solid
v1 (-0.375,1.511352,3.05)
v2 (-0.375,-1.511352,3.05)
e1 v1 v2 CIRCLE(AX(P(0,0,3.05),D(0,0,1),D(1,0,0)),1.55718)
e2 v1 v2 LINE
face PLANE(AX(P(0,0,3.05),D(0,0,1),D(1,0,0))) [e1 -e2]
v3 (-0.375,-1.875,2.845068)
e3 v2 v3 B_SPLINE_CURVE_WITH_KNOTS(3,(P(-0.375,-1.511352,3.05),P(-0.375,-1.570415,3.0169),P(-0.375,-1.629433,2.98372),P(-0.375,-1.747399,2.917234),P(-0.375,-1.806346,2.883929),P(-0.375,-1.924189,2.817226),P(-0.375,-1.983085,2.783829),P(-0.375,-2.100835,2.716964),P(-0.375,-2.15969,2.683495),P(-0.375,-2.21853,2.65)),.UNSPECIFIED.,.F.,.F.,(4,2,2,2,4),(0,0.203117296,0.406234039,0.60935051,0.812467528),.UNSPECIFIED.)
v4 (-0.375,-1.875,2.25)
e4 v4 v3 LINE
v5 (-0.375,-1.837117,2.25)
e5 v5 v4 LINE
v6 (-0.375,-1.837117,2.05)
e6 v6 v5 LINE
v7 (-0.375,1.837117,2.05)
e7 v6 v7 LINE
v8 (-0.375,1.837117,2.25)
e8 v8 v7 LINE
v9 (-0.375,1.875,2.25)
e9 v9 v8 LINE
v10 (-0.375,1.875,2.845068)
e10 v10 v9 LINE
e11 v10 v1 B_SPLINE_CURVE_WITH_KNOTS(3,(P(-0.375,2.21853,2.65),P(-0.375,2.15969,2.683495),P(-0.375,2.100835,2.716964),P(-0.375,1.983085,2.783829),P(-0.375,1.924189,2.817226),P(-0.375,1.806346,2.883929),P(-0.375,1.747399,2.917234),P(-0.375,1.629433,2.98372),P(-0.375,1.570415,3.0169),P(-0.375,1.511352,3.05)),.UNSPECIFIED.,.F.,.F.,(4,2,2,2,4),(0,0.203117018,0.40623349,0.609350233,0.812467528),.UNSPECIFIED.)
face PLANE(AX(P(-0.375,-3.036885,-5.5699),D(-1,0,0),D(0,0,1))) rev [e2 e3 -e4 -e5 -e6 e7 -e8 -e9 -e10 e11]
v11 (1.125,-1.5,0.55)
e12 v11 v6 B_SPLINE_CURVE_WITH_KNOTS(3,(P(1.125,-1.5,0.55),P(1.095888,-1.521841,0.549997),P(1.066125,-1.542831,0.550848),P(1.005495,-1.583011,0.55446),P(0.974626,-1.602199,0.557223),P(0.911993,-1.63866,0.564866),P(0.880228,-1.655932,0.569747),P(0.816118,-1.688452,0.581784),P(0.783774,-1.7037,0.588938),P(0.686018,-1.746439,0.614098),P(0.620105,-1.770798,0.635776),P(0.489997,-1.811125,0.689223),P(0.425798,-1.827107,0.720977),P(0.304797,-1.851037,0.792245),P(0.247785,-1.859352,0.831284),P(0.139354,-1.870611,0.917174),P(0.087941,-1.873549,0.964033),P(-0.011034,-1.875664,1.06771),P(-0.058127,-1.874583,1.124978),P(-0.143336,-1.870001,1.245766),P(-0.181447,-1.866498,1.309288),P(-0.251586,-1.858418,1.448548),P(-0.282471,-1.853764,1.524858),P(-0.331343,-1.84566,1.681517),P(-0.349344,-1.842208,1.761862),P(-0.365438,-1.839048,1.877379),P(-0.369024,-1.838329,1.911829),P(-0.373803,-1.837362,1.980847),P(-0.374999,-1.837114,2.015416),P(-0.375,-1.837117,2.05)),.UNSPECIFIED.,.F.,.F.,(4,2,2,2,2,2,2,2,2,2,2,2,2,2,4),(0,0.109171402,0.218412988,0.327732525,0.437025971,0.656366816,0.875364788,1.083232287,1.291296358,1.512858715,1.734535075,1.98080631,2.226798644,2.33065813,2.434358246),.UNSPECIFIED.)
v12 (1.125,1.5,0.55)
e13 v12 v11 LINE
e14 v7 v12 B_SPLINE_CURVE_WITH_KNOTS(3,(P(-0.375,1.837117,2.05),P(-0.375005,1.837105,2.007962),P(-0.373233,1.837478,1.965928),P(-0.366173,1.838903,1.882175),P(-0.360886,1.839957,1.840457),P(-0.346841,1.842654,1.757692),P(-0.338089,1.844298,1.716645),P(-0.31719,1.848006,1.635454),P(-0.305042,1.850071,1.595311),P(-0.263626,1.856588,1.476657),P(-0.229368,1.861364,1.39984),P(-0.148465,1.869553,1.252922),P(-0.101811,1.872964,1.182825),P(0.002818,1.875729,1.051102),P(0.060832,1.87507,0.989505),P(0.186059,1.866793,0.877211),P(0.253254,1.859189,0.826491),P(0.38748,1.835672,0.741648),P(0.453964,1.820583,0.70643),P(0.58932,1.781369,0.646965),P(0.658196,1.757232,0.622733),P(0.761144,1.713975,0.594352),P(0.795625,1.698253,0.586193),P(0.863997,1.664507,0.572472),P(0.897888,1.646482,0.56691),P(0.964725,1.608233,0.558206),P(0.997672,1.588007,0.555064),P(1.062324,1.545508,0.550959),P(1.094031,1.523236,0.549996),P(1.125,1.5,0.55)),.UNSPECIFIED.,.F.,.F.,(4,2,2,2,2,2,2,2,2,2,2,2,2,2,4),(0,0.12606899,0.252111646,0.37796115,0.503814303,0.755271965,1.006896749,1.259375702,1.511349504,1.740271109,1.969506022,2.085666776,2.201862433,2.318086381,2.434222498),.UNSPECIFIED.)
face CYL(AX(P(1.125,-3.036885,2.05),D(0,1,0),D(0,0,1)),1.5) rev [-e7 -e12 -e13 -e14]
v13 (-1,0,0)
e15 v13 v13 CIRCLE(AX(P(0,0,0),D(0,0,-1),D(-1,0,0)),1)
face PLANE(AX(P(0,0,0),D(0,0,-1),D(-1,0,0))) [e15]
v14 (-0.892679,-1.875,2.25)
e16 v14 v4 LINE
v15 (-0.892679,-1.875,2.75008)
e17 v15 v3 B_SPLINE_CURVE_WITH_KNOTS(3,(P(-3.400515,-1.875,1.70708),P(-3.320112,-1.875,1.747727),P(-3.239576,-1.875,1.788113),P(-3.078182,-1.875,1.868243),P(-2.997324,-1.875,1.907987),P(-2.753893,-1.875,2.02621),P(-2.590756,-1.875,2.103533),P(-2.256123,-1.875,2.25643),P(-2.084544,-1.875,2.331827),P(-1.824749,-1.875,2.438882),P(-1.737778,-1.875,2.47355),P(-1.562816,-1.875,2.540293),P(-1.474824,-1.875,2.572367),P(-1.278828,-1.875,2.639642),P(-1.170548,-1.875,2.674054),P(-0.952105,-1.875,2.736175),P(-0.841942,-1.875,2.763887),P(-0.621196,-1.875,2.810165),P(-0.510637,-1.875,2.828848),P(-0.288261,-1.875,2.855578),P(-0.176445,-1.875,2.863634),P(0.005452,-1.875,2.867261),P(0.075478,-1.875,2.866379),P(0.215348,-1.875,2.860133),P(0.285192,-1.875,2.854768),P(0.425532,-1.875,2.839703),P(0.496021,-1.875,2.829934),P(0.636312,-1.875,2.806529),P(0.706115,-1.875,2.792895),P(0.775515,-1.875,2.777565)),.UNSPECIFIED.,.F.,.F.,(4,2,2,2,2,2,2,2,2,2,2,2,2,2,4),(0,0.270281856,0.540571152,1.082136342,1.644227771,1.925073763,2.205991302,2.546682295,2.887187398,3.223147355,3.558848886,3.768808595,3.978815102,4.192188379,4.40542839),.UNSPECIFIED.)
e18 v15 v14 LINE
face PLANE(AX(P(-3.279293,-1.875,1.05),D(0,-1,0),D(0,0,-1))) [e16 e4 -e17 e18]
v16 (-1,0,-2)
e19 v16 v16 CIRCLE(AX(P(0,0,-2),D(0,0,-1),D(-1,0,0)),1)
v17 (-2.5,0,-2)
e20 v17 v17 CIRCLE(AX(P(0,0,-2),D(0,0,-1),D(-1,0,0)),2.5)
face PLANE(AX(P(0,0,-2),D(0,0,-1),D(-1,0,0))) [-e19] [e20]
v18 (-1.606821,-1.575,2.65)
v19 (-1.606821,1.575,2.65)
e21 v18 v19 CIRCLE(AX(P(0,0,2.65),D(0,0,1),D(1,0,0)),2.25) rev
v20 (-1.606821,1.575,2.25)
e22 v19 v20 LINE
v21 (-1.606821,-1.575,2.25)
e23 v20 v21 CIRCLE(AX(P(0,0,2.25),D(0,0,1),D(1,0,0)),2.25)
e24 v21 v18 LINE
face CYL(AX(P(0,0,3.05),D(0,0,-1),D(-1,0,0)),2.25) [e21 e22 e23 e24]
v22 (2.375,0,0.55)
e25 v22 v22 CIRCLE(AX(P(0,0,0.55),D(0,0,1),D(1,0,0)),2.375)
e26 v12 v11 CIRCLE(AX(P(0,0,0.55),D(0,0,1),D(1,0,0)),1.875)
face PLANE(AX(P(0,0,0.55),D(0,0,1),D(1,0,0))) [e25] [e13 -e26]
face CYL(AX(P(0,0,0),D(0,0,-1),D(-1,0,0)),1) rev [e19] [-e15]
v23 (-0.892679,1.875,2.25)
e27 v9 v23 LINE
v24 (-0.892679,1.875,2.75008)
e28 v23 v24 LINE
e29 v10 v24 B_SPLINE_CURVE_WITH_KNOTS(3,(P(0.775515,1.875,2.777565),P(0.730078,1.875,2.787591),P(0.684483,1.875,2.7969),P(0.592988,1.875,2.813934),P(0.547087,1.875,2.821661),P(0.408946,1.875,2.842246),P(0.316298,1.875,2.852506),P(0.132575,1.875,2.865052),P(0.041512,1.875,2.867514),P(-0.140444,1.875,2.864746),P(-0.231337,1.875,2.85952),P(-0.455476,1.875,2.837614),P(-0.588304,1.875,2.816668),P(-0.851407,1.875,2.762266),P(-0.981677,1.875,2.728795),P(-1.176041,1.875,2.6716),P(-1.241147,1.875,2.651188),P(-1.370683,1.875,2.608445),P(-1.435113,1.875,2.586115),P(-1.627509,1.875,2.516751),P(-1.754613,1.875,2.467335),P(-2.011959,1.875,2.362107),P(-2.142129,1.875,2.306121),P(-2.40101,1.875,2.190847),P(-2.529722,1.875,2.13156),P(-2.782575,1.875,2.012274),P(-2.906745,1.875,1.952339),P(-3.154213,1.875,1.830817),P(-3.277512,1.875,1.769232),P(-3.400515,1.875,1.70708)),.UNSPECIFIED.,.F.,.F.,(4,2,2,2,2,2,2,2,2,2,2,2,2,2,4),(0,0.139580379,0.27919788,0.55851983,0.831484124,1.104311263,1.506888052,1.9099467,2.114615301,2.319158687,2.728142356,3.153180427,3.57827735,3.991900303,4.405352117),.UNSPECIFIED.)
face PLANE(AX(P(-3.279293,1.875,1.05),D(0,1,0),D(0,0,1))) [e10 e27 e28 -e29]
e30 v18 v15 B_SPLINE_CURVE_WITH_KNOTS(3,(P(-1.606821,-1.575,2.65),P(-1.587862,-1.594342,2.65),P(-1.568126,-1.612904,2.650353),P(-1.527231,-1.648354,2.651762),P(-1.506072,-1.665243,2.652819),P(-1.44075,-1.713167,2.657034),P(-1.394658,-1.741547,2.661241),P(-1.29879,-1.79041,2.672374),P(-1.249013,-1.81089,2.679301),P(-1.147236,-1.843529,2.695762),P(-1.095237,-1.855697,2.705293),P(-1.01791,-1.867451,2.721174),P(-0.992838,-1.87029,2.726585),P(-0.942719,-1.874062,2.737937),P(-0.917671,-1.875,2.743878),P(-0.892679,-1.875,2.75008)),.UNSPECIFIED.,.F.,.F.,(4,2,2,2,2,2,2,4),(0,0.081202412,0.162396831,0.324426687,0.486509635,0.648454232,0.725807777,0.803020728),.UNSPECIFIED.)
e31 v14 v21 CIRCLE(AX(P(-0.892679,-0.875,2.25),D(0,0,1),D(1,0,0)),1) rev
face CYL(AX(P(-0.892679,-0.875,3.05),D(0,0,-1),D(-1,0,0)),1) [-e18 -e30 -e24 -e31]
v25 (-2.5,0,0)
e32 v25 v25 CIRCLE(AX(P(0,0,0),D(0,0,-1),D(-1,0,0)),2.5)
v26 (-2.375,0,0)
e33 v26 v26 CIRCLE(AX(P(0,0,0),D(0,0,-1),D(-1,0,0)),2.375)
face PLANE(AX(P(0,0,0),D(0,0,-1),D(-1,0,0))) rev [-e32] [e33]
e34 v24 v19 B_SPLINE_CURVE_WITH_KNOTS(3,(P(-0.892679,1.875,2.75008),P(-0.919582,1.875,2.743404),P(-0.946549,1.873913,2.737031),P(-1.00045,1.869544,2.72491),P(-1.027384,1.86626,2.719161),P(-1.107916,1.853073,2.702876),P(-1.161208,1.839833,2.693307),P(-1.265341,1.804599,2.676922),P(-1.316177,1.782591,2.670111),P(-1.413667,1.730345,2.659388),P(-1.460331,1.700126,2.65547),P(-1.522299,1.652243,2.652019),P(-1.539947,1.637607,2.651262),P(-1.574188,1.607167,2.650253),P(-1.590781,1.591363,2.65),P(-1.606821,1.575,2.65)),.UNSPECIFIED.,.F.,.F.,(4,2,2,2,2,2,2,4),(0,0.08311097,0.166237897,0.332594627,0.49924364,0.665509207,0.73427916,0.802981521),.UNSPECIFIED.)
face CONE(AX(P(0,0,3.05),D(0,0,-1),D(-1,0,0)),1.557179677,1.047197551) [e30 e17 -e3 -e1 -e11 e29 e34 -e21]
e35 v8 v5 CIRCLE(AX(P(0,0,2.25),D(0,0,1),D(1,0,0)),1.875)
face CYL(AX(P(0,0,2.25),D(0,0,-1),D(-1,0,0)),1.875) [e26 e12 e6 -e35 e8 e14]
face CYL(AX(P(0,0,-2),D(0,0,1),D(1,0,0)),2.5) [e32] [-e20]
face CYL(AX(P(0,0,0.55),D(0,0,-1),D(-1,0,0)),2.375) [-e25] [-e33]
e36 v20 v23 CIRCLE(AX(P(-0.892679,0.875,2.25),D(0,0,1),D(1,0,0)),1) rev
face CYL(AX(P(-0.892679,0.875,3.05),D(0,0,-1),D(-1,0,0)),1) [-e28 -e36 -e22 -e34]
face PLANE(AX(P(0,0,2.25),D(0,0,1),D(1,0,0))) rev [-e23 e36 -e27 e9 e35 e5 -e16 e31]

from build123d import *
from OCP.BRepFilletAPI import BRepFilletAPI_MakeChamfer

# Parameters (mm, degrees)
SKETCH1_R               = 2.375
BOSS_EXTRUDE1_DEPTH     = 0.55
SKETCH2_R               = 1.875
BOSS_EXTRUDE2_DEPTH     = 1.7
SKETCH3_R               = 2.5
BOSS_EXTRUDE3_DEPTH     = 2
SKETCH4_R               = 2.25
BOSS_EXTRUDE4_DEPTH     = 0.8
CUT_EXTRUDE1_REACH      = 8.165
SKETCH5_W               = 0.75
SKETCH5_H               = 6.07376998
CHAMFER1_SIZE           = 0.4
CHAMFER1_SIZE2          = 0.692820323
SKETCH6_W               = 6.999273813
SKETCH6_H               = 5.334981493
SKETCH6_W_2             = 6.558585844
SKETCH6_H_2             = 3.75
CUT_EXTRUDE3_DEPTH      = 2
FILLET2_R               = 1
SKETCH7_R               = 1
CUT_EXTRUDE4_DEPTH      = 2
CUT_EXTRUDE5_DEPTH      = 3
CUT_EXTRUDE5_DEPTH_BACK = 10
SKETCH9_W               = 3.309409713
SKETCH9_H               = 2.920914296
FILLET3_R               = 1.5


with BuildPart() as part:
    # Sketch1 → Boss-Extrude1 (new body)
    with BuildSketch(Plane.XY):
        Circle(SKETCH1_R)
    extrude(amount=BOSS_EXTRUDE1_DEPTH)

    # Sketch2 → Boss-Extrude2 (add)
    with BuildSketch(Plane.XY.offset(0.55)):
        Circle(SKETCH2_R)
    extrude(amount=BOSS_EXTRUDE2_DEPTH)

    # Sketch3 → Boss-Extrude3 (add)
    with BuildSketch(Plane(origin=(0, 0, 0), x_dir=(-1, 0, 0), z_dir=(0, 0, -1))):
        Circle(SKETCH3_R)
    extrude(amount=BOSS_EXTRUDE3_DEPTH)

    # Sketch4 → Boss-Extrude4 (add)
    with BuildSketch(Plane.XY.offset(2.25)):
        Circle(SKETCH4_R)
    extrude(amount=BOSS_EXTRUDE4_DEPTH)

    # Cut-Extrude1: up to this face of the body (flat: up to its plane)
    cut_extrude1_end = Plane(part.part.faces().sort_by_distance((-2.307824856, 0, 0.55))[0])
    # Sketch5 → Cut-Extrude1 (cut, up to the picked face)
    with BuildSketch(Plane.XY.offset(3.05), mode=Mode.PRIVATE) as cut_extrude1_sk1:
        Rectangle(SKETCH5_W, SKETCH5_H)
    cut_extrude1_tool1 = split(extrude(cut_extrude1_sk1.sketch, amount=-CUT_EXTRUDE1_REACH, mode=Mode.PRIVATE), bisect_by=cut_extrude1_end, keep=Keep.BOTH, mode=Mode.PRIVATE)
    add(cut_extrude1_tool1.solids().sort_by(Axis((0, 0, 3.05), (0, 0, -1)))[0], mode=Mode.SUBTRACT)

    # Chamfer1: one chamfer whose edges measure the first distance from different faces: ONE call of the kernel's chamfer builder (chamfer() names one face for all edges)
    chamfer1_edges_1 = [part.edges().sort_by_distance(p)[0] for p in [
        (-2.25, 0, 3.05),
    ]]
    chamfer1_side_1 = [part.faces().sort_by_distance(p)[0] for p in [
        (-2.25, 0, 2.65),
    ]]
    chamfer1_edges_2 = [part.edges().sort_by_distance(p)[0] for p in [
        (2.25, 0, 3.05),
    ]]
    chamfer1_side_2 = [part.faces().sort_by_distance(p)[0] for p in [
        (2.25, 0, 2.65),
    ]]
    chamfer1 = BRepFilletAPI_MakeChamfer(part.part.solid().wrapped)
    for e in chamfer1_edges_1:
        chamfer1.Add(CHAMFER1_SIZE, CHAMFER1_SIZE2, e.wrapped, chamfer1_side_1[0].wrapped)  # the first distance lies on this face
    for e in chamfer1_edges_2:
        chamfer1.Add(CHAMFER1_SIZE, CHAMFER1_SIZE2, e.wrapped, chamfer1_side_2[0].wrapped)  # the first distance lies on this face
    add(Compound.cast(chamfer1.Shape()), mode=Mode.REPLACE)

    # Sketch6 → Cut-Extrude3 (cut)
    with BuildSketch(Plane.XY.offset(3.05)):
        with Locations((0.047792, -0.043471688)):
            Rectangle(SKETCH6_W, SKETCH6_H)
        Rectangle(SKETCH6_W_2, SKETCH6_H_2, mode=Mode.SUBTRACT)
    extrude(amount=-CUT_EXTRUDE3_DEPTH, mode=Mode.SUBTRACT)

    # Fillet2
    fillet2_edges = [part.edges().sort_by_distance(p)[0] for p in [
        (-1.243734296, 1.875, 2.45),
        (1.243734296, 1.875, 2.45),
        (-1.243734296, -1.875, 2.45),
        (1.243734296, -1.875, 2.45),
    ]]
    fillet(fillet2_edges, radius=FILLET2_R)

    # Sketch7 → Cut-Extrude4 (cut)
    with BuildSketch(Plane(origin=(0, 0, -2), x_dir=(-1, 0, 0), z_dir=(0, 0, -1))):
        Circle(SKETCH7_R)
    extrude(amount=-CUT_EXTRUDE4_DEPTH, mode=Mode.SUBTRACT)

    # Sketch9 → Cut-Extrude5 (cut, two sides: drawn at the far end of the back side and taken through both)
    with BuildSketch(Plane(origin=(0, 0, 0), x_dir=(1, 0, 0), z_dir=(0, 1, 0)).offset(-CUT_EXTRUDE5_DEPTH_BACK)):
        with Locations((1.654704857, -2.010457148)):
            Rectangle(SKETCH9_W, SKETCH9_H)
    extrude(amount=CUT_EXTRUDE5_DEPTH + CUT_EXTRUDE5_DEPTH_BACK, mode=Mode.SUBTRACT)

    # Fillet3
    fillet3_edges = [part.edges().sort_by_distance(p)[0] for p in [
        (-0.375, 0, 0.55),
    ]]
    fillet(fillet3_edges, radius=FILLET3_R)


solid = part.part
